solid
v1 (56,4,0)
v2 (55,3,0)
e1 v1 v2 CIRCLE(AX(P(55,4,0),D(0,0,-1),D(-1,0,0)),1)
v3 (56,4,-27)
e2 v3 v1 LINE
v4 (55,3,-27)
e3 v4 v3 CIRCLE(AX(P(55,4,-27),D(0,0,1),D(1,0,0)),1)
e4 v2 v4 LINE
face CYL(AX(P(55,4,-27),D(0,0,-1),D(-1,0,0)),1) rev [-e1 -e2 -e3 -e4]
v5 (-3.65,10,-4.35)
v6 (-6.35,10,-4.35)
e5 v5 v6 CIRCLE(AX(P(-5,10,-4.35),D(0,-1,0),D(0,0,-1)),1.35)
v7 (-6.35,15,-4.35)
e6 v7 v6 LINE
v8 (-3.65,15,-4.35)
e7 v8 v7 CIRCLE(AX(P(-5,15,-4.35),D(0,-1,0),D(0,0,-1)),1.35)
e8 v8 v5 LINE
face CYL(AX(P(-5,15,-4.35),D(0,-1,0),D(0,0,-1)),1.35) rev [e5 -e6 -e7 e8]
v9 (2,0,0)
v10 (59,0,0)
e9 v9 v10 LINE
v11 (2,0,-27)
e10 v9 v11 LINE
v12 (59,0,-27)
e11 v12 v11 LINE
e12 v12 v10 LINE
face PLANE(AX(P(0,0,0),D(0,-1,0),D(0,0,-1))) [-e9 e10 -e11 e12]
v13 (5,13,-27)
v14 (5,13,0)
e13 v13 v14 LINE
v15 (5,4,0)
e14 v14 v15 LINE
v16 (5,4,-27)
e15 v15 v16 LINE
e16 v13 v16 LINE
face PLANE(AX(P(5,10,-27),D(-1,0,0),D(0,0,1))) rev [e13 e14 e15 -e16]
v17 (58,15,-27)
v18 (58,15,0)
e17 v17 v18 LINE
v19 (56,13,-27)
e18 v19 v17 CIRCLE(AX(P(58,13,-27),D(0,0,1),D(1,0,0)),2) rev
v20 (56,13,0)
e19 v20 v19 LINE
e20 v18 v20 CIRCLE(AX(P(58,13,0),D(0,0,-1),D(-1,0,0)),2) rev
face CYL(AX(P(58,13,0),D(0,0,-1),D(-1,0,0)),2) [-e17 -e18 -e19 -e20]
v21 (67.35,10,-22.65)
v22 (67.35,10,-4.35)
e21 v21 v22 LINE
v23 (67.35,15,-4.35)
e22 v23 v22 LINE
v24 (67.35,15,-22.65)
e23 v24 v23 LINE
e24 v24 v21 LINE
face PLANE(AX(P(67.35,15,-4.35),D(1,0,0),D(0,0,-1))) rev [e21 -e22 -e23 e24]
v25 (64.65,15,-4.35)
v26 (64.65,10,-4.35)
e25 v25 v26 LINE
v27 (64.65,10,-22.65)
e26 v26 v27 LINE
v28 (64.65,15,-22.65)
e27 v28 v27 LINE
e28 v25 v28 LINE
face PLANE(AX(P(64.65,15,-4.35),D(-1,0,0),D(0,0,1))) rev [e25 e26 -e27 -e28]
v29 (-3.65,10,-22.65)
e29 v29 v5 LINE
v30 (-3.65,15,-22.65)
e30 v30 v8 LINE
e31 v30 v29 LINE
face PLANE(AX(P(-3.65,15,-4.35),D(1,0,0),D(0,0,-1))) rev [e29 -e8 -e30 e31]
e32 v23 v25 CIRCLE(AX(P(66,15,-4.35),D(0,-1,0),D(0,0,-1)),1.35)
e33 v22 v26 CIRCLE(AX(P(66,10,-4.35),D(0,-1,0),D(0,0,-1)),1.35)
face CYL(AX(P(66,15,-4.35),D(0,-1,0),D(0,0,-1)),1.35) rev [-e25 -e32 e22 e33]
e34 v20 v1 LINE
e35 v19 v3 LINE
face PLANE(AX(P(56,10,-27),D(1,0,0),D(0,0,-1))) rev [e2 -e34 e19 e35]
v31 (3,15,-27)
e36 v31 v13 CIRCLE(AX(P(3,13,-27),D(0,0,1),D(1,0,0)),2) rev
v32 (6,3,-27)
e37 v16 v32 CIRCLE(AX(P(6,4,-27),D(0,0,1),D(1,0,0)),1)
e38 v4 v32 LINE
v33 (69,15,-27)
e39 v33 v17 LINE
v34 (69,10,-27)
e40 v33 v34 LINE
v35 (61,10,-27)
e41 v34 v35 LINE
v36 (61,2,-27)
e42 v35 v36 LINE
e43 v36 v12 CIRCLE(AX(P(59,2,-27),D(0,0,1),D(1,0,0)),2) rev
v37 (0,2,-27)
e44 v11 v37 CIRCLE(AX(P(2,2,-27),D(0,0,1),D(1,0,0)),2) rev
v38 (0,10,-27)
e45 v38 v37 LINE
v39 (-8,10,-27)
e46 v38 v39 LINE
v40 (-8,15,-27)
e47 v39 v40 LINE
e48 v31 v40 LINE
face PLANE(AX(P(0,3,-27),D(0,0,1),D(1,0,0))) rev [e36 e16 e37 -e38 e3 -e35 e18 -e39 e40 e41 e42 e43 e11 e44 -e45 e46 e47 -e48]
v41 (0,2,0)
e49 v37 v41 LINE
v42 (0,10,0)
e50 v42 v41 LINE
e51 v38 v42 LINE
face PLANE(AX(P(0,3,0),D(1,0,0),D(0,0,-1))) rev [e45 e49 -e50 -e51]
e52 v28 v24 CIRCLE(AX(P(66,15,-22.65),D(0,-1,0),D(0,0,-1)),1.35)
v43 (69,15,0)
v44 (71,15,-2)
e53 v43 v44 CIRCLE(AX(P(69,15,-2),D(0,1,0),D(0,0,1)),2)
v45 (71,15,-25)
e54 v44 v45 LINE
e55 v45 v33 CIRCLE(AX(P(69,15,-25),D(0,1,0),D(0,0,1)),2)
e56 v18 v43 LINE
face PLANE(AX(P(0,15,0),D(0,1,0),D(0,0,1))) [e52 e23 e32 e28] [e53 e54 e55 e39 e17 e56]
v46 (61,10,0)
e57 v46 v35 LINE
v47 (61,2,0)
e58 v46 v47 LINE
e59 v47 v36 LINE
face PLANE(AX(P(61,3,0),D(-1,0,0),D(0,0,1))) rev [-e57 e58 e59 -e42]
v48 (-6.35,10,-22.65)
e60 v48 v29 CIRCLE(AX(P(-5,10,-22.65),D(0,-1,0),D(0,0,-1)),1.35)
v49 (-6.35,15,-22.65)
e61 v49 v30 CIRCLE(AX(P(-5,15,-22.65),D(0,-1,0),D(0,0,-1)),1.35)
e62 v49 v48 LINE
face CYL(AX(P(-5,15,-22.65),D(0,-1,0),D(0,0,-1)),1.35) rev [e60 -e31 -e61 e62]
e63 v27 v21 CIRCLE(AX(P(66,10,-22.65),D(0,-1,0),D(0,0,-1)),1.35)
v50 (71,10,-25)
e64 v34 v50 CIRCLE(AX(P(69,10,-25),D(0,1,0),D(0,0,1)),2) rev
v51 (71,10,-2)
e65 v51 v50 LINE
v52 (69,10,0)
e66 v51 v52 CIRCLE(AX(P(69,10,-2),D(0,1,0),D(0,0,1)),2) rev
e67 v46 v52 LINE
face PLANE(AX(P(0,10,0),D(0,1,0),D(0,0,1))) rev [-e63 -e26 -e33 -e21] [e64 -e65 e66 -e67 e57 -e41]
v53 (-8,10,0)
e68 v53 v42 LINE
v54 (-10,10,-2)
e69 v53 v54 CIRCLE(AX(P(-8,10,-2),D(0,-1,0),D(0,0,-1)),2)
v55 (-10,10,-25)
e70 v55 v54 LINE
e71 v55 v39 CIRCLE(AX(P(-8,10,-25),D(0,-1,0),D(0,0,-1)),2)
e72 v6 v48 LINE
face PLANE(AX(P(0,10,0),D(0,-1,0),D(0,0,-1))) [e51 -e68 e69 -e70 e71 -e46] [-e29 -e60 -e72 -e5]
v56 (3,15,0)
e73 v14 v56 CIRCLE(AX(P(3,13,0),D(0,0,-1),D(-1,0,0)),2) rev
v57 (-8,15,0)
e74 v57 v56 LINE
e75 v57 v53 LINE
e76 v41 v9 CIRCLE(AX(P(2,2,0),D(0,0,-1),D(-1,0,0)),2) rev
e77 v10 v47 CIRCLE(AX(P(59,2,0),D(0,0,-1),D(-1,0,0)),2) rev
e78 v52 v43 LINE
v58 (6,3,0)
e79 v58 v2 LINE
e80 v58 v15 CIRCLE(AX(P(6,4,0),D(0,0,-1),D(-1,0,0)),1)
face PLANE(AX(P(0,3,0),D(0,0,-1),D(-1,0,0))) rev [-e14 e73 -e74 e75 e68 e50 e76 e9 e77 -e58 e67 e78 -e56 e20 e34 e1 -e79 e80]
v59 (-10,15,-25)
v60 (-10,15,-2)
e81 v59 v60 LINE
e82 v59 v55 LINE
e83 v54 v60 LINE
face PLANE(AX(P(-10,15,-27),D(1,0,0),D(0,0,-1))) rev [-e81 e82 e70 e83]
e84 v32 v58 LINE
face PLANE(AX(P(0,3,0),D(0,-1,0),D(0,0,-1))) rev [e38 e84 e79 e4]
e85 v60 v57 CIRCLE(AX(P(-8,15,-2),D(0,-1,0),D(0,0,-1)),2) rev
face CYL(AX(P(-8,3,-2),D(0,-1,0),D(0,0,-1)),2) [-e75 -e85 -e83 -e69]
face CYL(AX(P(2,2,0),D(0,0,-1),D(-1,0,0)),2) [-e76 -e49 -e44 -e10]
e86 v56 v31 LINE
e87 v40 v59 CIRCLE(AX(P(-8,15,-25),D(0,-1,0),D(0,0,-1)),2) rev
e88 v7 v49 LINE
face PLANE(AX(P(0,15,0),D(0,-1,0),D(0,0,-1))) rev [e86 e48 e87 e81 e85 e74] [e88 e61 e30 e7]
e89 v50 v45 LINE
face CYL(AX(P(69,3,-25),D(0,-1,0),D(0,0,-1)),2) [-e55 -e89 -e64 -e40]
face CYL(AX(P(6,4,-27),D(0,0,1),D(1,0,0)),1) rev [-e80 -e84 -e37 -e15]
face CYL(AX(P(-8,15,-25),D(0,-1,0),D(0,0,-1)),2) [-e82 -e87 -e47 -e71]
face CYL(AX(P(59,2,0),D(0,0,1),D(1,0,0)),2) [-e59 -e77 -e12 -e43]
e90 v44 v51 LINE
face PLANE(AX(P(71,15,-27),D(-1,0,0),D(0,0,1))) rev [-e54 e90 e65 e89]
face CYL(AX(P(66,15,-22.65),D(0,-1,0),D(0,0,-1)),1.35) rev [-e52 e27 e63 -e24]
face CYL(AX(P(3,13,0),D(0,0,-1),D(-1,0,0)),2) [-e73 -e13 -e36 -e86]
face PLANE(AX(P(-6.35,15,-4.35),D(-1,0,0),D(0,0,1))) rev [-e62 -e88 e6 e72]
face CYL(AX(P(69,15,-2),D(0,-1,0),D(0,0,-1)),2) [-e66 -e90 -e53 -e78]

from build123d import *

# Parameters (mm, degrees)
SKETCH1_W           = 61
SKETCH1_H           = 27
BOSS_EXTRUDE1_DEPTH = 3
SKETCH2_W           = 5
SKETCH2_H           = 27
BOSS_EXTRUDE2_DEPTH = 7
SKETCH3_W           = 15
SKETCH3_H           = 27
BOSS_EXTRUDE3_DEPTH = 5
CUT_EXTRUDE1_DEPTH  = 77.615925238
FILLET1_R           = 2
FILLET2_R           = 2
FILLET3_R           = 1


with BuildPart() as part:
    # Sketch1 → Boss-Extrude1 (new body)
    with BuildSketch(Plane(origin=(0, 0, 0), x_dir=(1, 0, 0), z_dir=(0, 1, 0))):
        with Locations((30.5, 13.5)):
            Rectangle(SKETCH1_W, SKETCH1_H)
    extrude(amount=BOSS_EXTRUDE1_DEPTH)

    # Sketch2 → Boss-Extrude2 (add)
    with BuildSketch(Plane(origin=(0, 3, 0), x_dir=(1, 0, 0), z_dir=(0, 1, 0))):
        with Locations((2.5, 13.5)):
            Rectangle(SKETCH2_W, SKETCH2_H)
        with Locations((58.5, 13.5)):
            Rectangle(SKETCH2_W, SKETCH2_H)
    extrude(amount=BOSS_EXTRUDE2_DEPTH)

    # Sketch3 → Boss-Extrude3 (add)
    with BuildSketch(Plane(origin=(0, 10, 0), x_dir=(1, 0, 0), z_dir=(0, 1, 0))):
        with Locations((-2.5, 13.5)):
            Rectangle(SKETCH3_W, SKETCH3_H)
        with Locations((63.5, 13.5)):
            Rectangle(SKETCH3_W, SKETCH3_H)
    extrude(amount=BOSS_EXTRUDE3_DEPTH)

    # Sketch4 → Cut-Extrude1 (cut, through all)
    with BuildSketch(Plane.XZ.offset(-10)):
        with BuildLine():
            Line((-3.65, -4.35), (-3.65, -22.65))
            ThreePointArc((-3.65, -22.65), (-5, -24), (-6.35, -22.65))
            Line((-6.35, -22.65), (-6.35, -4.35))
            ThreePointArc((-6.35, -4.35), (-5, -3), (-3.65, -4.35))
        make_face()
        with BuildLine():
            Line((67.35, -4.35), (67.35, -22.65))
            ThreePointArc((67.35, -22.65), (66, -24), (64.65, -22.65))
            Line((64.65, -22.65), (64.65, -4.35))
            ThreePointArc((64.65, -4.35), (66, -3), (67.35, -4.35))
        make_face()
    extrude(amount=-CUT_EXTRUDE1_DEPTH, mode=Mode.SUBTRACT)

    # Fillet1
    fillet1_edges = [part.edges().sort_by_distance(p)[0] for p in [
        (-10, 12.5, -27),
        (-10, 12.5, 0),
        (71, 12.5, 0),
        (71, 12.5, -27),
    ]]
    fillet(fillet1_edges, radius=FILLET1_R)

    # Fillet2
    fillet2_edges = [part.edges().sort_by_distance(p)[0] for p in [
        (5, 15, -13.5),
        (56, 15, -13.5),
        (61, 0, -13.5),
        (0, 0, -13.5),
    ]]
    fillet(fillet2_edges, radius=FILLET2_R)

    # Fillet3
    fillet3_edges = [part.edges().sort_by_distance(p)[0] for p in [
        (5, 3, -13.5),
        (56, 3, -13.5),
    ]]
    fillet(fillet3_edges, radius=FILLET3_R)


solid = part.part
